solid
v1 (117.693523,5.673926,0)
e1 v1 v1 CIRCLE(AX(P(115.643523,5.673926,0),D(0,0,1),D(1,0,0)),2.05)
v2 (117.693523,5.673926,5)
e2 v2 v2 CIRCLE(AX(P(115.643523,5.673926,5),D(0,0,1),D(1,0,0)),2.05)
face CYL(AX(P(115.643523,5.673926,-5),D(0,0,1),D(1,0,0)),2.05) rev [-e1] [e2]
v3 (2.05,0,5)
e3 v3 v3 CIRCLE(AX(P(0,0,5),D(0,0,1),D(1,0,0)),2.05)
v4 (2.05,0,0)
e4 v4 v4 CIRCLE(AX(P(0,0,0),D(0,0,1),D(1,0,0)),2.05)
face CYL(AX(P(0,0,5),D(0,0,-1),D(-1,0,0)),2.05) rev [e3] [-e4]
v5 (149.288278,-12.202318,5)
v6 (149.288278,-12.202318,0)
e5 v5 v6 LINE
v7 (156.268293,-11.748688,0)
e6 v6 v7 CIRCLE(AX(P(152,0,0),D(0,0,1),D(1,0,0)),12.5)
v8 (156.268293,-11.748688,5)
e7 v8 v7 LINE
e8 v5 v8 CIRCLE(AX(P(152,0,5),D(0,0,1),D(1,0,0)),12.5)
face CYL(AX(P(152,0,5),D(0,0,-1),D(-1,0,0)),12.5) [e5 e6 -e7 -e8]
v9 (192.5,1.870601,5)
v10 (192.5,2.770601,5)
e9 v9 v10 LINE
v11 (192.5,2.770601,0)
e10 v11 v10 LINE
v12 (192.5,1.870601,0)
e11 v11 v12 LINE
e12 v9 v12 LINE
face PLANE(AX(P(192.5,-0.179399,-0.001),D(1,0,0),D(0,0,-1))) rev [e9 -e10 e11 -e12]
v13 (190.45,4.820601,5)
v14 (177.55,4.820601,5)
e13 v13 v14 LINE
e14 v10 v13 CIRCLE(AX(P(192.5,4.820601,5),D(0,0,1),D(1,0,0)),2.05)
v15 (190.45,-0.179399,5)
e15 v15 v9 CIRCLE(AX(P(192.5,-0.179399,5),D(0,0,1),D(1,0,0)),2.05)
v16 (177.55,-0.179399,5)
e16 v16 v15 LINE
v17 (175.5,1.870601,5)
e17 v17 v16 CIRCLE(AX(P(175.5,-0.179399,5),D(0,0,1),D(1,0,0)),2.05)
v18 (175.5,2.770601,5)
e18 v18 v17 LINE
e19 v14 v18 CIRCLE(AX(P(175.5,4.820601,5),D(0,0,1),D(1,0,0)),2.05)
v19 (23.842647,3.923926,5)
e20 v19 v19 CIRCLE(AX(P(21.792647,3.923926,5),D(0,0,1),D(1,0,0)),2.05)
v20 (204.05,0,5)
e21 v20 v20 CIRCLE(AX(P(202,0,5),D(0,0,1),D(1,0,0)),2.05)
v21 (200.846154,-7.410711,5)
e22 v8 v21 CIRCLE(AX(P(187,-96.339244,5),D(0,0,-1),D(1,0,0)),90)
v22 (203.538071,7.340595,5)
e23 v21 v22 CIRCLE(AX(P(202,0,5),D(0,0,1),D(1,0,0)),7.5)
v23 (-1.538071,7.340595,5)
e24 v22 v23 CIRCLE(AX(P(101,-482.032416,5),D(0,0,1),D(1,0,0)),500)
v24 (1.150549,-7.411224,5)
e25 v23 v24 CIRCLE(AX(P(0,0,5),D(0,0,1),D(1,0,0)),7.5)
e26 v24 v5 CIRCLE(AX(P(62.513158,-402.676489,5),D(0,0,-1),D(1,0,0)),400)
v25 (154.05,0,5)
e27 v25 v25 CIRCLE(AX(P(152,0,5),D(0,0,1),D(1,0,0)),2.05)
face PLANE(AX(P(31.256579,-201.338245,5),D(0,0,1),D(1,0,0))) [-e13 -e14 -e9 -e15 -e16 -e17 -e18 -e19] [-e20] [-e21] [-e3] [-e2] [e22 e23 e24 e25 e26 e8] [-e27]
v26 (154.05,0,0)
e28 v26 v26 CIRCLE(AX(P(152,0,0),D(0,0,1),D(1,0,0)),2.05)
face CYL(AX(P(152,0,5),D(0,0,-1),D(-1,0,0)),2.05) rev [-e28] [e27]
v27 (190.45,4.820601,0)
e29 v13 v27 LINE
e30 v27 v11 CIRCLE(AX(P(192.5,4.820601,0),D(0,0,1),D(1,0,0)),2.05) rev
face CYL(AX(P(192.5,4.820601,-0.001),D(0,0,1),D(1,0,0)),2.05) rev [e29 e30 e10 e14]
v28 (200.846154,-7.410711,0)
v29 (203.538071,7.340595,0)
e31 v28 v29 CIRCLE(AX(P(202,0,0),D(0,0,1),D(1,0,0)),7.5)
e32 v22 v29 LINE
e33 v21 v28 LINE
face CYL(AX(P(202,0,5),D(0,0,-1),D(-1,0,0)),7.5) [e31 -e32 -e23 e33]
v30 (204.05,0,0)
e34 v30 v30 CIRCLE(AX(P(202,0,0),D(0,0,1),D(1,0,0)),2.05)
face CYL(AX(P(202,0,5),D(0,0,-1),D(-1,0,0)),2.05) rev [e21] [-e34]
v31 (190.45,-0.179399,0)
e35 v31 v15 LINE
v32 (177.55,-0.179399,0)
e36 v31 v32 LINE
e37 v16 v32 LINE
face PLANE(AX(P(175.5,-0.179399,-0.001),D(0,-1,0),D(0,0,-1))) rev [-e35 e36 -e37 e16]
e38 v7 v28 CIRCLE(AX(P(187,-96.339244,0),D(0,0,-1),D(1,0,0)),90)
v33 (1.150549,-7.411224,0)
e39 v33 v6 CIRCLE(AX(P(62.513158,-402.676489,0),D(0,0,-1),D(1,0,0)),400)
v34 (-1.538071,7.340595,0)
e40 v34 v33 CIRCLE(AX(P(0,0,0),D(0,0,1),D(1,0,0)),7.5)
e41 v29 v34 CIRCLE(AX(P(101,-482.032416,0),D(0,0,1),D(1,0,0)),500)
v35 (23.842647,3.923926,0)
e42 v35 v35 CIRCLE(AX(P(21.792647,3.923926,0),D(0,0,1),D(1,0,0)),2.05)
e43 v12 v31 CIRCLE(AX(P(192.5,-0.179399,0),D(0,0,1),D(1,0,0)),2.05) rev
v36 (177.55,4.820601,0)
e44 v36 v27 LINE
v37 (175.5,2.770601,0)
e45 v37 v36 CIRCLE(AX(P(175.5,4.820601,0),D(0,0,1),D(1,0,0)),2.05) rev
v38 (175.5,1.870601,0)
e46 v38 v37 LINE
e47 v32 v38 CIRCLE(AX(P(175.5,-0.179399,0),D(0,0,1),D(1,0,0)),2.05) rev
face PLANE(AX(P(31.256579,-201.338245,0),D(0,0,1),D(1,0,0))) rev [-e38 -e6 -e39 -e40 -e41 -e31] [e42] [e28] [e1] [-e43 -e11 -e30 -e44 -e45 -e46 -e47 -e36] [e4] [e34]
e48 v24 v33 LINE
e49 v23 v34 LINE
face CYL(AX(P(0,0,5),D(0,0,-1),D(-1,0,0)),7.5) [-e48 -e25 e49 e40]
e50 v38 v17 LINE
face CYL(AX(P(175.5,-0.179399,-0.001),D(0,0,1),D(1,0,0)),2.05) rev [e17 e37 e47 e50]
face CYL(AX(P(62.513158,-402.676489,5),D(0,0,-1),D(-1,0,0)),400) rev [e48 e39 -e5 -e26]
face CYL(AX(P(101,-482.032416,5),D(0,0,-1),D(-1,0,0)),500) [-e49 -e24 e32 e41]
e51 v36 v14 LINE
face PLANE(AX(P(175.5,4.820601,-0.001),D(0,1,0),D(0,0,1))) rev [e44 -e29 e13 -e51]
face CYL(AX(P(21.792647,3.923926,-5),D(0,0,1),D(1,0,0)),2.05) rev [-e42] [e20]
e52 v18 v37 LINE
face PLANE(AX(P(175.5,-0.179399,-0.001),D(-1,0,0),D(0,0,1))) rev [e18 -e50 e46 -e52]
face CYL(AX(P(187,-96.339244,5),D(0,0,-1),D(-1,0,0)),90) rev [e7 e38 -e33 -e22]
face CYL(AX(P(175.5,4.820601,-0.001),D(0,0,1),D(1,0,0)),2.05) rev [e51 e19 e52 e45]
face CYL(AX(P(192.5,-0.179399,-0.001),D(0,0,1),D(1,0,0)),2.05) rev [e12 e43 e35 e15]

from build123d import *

# Parameters (mm, degrees)
SCHIZZO1_R                   = 2.05
ESTRUSIONE_ESTRUSIONE1_DEPTH = 5
SCHIZZO2_R                   = 2.05
TAGLIO_ESTRUSIONE1_DEPTH     = 10
CUT_EXTRUDE1_REACH           = 7
SKETCH1_W                    = 17
SKETCH1_H                    = 5
CUT_EXTRUDE2_REACH           = 7
SKETCH2_R                    = 2.05


with BuildPart() as part:
    # Schizzo1 → Estrusione-Estrusione1 (new body)
    with BuildSketch(Plane.XY):
        with BuildLine():
            ThreePointArc((-1.538071066, 7.340595166), (-7.378454008, -1.344773756), (1.150548918, -7.411223731))
            ThreePointArc((1.150548918, -7.411223731), (75.443261143, -2.885528453), (149.288277512, -12.20231786))
            ThreePointArc((149.288277512, -12.20231786), (152.810661847, -12.473685396), (156.268292683, -11.748688334))
            ThreePointArc((156.268292683, -11.748688334), (178.283063002, -6.762377854), (200.846153846, -7.410711103))
            ThreePointArc((200.846153846, -7.410711103), (209.378154672, -1.346415107), (203.538071066, 7.340595166))
            ThreePointArc((203.538071066, 7.340595166), (101, 17.967584078), (-1.538071066, 7.340595166))
        make_face()
        Circle(SCHIZZO1_R, mode=Mode.SUBTRACT)
        with Locations((202, 0)):
            Circle(SCHIZZO1_R, mode=Mode.SUBTRACT)
        with Locations((152, 0)):
            Circle(SCHIZZO1_R, mode=Mode.SUBTRACT)
    extrude(amount=ESTRUSIONE_ESTRUSIONE1_DEPTH)

    # Schizzo2 → Taglio-Estrusione1 (cut)
    with BuildSketch(Plane.XY.offset(5)):
        with Locations((21.792647349, 3.923925867)):
            Circle(SCHIZZO2_R)
        with Locations((115.643522851, 5.673925867)):
            Circle(SCHIZZO2_R)
    extrude(amount=-TAGLIO_ESTRUSIONE1_DEPTH, mode=Mode.SUBTRACT)

    # Sketch1 → Cut-Extrude1 (cut, up to next)
    with BuildSketch(Plane.XY.offset(5), mode=Mode.PRIVATE) as cut_extrude1_sk1:
        with Locations((184, 2.320601078)):
            Rectangle(SKETCH1_W, SKETCH1_H)
    cut_extrude1_tool1 = extrude(cut_extrude1_sk1.sketch, amount=-CUT_EXTRUDE1_REACH, mode=Mode.PRIVATE) & part.part
    add(cut_extrude1_tool1.solids().sort_by_distance((184, 2.320601, 5))[0], mode=Mode.SUBTRACT)

    # Sketch2 → Cut-Extrude2 (cut, up to next)
    with BuildSketch(Plane.XY.offset(5), mode=Mode.PRIVATE) as cut_extrude2_sk1:
        with Locations((175.5, 4.820601078)):
            Circle(SKETCH2_R)
    cut_extrude2_tool1 = extrude(cut_extrude2_sk1.sketch, amount=-CUT_EXTRUDE2_REACH, mode=Mode.PRIVATE) & part.part
    add(cut_extrude2_tool1.solids().sort_by_distance((175.5, 4.820601, 5))[0], mode=Mode.SUBTRACT)
    # Sketch2 → Cut-Extrude2 (cut, up to next)
    with BuildSketch(Plane.XY.offset(5), mode=Mode.PRIVATE) as cut_extrude2_sk2:
        with Locations((175.5, -0.179398922)):
            Circle(SKETCH2_R)
    cut_extrude2_tool2 = extrude(cut_extrude2_sk2.sketch, amount=-CUT_EXTRUDE2_REACH, mode=Mode.PRIVATE) & part.part
    add(cut_extrude2_tool2.solids().sort_by_distance((175.5, -0.179399, 5))[0], mode=Mode.SUBTRACT)
    # Sketch2 → Cut-Extrude2 (cut, up to next)
    with BuildSketch(Plane.XY.offset(5), mode=Mode.PRIVATE) as cut_extrude2_sk3:
        with Locations((192.5, -0.179398922)):
            Circle(SKETCH2_R)
    cut_extrude2_tool3 = extrude(cut_extrude2_sk3.sketch, amount=-CUT_EXTRUDE2_REACH, mode=Mode.PRIVATE) & part.part
    add(cut_extrude2_tool3.solids().sort_by_distance((192.5, -0.179399, 5))[0], mode=Mode.SUBTRACT)
    # Sketch2 → Cut-Extrude2 (cut, up to next)
    with BuildSketch(Plane.XY.offset(5), mode=Mode.PRIVATE) as cut_extrude2_sk4:
        with Locations((192.5, 4.820601078)):
            Circle(SKETCH2_R)
    cut_extrude2_tool4 = extrude(cut_extrude2_sk4.sketch, amount=-CUT_EXTRUDE2_REACH, mode=Mode.PRIVATE) & part.part
    add(cut_extrude2_tool4.solids().sort_by_distance((192.5, 4.820601, 5))[0], mode=Mode.SUBTRACT)


solid = part.part
